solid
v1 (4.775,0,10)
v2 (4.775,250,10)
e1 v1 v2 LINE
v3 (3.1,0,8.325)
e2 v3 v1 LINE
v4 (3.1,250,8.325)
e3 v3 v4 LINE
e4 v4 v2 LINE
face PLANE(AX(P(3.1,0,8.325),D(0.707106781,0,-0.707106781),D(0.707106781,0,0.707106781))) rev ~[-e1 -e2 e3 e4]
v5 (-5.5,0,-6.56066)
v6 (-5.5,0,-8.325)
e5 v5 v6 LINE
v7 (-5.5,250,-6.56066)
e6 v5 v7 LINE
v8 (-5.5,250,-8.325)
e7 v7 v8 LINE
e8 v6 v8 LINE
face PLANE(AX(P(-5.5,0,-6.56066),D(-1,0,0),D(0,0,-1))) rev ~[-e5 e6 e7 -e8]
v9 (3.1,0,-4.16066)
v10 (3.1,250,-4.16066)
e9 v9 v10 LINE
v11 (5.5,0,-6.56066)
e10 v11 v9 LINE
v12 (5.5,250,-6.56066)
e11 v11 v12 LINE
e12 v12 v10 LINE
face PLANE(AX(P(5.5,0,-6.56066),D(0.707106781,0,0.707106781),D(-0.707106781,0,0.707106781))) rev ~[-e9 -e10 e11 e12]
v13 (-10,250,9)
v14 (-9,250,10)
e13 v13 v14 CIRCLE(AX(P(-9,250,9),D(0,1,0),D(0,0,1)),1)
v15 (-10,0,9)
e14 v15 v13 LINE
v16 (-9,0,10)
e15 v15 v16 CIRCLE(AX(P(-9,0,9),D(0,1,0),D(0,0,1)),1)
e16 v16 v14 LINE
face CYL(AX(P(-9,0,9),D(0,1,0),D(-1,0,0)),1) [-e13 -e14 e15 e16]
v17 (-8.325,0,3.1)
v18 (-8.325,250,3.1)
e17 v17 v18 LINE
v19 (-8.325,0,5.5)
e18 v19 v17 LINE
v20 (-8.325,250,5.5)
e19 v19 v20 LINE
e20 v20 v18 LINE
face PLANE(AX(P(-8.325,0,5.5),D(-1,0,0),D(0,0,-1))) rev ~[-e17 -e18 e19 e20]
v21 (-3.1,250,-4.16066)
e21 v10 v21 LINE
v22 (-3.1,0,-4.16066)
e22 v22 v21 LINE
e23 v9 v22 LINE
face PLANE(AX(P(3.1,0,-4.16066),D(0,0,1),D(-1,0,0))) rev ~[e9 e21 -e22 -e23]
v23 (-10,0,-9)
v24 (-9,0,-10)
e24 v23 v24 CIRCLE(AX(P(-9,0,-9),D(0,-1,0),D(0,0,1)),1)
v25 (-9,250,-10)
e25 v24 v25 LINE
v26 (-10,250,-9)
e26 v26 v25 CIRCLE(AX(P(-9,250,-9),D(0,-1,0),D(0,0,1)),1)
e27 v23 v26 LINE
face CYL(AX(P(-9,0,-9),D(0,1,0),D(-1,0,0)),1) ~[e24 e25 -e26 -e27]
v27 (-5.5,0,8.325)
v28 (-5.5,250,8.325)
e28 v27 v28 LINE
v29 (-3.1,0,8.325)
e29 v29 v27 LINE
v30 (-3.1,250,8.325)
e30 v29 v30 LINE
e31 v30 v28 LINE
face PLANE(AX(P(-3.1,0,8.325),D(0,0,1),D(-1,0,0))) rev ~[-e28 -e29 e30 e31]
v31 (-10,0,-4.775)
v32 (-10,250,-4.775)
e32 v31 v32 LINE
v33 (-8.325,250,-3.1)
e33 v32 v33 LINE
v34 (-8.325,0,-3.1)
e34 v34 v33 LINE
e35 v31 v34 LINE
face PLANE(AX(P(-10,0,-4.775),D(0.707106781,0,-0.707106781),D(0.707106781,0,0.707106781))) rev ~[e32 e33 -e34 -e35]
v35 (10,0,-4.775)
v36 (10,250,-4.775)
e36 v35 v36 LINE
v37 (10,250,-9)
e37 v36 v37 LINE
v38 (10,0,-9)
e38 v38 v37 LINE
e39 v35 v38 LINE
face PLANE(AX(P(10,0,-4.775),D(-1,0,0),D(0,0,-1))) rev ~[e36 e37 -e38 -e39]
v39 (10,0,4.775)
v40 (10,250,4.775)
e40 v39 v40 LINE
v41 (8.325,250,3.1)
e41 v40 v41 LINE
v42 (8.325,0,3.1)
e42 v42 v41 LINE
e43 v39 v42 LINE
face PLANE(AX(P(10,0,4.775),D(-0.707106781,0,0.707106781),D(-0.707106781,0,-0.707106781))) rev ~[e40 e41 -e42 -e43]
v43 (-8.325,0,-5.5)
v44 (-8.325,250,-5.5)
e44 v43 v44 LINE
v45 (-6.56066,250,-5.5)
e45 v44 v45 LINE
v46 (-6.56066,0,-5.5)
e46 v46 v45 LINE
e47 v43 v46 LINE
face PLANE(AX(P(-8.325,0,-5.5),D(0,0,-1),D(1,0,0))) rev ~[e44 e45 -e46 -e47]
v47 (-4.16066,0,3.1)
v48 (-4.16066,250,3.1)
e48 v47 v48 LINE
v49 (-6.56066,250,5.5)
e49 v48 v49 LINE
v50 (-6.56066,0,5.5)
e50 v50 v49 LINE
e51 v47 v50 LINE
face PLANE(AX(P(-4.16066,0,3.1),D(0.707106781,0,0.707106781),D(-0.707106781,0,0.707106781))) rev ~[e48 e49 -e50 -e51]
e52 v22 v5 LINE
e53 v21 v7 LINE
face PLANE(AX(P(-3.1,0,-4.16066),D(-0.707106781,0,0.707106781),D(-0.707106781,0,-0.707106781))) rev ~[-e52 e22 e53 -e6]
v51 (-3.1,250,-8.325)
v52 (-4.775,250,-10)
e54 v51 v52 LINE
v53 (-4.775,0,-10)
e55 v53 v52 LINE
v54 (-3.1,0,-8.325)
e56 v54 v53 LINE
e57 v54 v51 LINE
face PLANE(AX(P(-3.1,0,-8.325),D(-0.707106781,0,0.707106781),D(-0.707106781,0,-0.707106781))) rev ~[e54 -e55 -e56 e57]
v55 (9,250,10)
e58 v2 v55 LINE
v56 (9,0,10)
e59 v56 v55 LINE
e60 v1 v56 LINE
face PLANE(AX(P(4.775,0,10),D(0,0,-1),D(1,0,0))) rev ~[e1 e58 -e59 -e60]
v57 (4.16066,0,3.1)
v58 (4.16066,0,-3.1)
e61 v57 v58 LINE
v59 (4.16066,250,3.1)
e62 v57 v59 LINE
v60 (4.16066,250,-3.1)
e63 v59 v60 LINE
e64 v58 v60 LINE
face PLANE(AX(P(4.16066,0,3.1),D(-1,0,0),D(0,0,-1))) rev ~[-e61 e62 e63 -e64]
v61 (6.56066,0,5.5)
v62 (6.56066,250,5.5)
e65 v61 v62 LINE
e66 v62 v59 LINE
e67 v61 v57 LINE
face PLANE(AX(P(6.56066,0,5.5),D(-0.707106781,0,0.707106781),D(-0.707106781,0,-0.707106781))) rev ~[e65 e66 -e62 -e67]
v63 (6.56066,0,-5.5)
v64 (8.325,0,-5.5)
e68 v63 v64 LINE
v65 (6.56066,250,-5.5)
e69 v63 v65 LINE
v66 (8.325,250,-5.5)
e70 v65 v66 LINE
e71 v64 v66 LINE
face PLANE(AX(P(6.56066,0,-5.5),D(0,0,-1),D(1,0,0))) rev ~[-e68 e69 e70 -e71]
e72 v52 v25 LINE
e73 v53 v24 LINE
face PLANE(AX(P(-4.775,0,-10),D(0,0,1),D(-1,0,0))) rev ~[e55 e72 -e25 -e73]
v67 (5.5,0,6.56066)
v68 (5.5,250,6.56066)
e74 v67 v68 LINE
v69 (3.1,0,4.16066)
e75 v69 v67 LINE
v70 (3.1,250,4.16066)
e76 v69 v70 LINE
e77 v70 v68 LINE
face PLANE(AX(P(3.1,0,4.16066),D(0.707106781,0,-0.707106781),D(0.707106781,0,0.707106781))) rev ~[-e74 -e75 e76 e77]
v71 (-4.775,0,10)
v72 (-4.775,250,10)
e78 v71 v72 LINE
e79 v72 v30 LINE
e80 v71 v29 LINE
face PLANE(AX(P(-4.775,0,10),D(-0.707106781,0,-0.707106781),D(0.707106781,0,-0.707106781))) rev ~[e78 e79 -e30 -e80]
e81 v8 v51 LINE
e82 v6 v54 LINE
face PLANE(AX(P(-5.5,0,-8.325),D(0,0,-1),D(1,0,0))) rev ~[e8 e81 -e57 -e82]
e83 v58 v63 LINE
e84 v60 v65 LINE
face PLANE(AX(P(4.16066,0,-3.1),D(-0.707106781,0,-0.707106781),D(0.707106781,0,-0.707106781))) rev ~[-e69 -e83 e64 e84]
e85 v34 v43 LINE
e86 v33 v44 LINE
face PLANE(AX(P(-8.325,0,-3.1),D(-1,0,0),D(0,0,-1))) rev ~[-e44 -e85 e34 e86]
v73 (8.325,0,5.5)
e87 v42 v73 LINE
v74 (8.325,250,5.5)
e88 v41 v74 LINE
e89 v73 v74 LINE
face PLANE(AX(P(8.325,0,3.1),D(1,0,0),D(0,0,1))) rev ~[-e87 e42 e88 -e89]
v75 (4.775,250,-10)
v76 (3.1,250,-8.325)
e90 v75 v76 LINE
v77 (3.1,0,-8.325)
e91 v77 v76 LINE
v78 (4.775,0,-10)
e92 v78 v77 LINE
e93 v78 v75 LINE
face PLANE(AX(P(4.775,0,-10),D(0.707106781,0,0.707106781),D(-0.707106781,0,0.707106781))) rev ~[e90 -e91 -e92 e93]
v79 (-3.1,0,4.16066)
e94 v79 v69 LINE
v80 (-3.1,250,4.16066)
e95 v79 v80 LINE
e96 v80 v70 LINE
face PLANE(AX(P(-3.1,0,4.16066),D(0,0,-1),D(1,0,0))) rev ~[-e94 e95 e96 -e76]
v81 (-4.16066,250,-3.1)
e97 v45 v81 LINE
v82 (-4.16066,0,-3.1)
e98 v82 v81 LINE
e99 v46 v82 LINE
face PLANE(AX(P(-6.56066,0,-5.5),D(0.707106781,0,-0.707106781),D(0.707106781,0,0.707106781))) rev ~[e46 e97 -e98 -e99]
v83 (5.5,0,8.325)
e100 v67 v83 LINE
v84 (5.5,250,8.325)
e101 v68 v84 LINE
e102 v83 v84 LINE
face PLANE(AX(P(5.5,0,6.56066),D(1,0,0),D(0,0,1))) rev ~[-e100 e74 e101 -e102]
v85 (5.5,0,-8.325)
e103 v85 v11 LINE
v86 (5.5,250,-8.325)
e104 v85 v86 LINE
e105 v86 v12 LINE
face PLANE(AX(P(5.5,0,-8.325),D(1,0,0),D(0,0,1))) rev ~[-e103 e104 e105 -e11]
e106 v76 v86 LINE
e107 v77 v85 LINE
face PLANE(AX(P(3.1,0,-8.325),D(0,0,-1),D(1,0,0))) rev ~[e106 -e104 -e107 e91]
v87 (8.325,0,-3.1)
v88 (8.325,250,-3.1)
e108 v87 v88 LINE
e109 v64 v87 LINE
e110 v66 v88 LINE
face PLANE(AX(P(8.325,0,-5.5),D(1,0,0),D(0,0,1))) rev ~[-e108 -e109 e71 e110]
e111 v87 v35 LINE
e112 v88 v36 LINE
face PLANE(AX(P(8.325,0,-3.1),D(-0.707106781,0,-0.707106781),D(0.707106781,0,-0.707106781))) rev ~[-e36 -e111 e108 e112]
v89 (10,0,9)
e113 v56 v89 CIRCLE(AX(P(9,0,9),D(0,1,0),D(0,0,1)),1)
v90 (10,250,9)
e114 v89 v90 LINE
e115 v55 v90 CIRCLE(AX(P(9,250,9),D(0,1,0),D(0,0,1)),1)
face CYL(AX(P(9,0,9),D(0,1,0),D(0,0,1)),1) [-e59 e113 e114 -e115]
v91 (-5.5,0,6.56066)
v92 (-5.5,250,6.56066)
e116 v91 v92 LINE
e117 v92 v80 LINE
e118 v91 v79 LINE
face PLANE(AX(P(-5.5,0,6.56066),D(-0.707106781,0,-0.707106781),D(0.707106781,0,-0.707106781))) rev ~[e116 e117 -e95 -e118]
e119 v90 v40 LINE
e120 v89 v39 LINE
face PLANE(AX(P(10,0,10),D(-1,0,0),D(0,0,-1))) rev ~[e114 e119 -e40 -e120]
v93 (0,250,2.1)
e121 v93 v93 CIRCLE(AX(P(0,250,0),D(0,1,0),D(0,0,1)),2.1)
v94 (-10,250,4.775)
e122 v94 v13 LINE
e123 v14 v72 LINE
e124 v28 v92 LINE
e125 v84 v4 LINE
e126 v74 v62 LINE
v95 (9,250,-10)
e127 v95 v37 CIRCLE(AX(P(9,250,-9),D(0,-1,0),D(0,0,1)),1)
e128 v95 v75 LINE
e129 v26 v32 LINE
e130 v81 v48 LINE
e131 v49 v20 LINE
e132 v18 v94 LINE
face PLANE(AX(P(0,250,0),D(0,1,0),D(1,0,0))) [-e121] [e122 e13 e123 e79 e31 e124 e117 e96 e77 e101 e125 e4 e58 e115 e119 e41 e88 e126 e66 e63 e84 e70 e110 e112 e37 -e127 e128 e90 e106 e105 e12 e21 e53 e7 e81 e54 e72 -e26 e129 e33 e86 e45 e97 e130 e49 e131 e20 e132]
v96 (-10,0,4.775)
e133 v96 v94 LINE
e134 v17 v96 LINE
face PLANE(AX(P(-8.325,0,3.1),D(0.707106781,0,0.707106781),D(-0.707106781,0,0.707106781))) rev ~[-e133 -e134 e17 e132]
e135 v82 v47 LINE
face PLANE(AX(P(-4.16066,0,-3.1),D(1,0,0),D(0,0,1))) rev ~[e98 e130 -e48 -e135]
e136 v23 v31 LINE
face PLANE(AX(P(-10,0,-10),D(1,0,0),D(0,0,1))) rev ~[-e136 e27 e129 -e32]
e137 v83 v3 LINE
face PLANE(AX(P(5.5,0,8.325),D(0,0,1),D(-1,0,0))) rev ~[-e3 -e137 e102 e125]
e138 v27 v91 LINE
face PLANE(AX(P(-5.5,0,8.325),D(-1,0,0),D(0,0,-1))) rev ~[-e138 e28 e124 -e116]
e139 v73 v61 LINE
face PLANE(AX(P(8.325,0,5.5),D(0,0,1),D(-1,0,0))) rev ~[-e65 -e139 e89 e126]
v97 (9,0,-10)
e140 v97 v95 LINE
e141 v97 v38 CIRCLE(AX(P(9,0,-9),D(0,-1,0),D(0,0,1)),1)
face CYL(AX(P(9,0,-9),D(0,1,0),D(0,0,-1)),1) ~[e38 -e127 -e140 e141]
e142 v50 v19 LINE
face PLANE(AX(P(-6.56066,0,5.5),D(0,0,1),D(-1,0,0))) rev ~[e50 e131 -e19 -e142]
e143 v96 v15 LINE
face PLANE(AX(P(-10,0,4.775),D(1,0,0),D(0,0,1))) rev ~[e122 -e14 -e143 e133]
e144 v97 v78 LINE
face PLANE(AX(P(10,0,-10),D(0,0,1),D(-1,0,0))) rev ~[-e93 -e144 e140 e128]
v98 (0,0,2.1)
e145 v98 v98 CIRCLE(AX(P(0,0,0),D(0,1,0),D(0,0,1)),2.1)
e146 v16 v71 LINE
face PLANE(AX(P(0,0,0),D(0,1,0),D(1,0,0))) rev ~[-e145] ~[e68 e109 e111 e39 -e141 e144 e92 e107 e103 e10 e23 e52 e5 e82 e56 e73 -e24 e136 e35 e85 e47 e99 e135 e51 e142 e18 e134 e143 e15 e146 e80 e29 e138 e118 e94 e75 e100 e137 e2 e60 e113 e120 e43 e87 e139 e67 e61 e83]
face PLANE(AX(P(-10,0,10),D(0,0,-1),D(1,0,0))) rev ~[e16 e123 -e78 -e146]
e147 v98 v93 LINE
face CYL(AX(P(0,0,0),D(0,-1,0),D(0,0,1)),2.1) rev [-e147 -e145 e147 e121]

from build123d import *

# Parameters (mm, degrees)
MASTERLAYOUTSKETCH_R = 2.1
MAIN_EXTRUSION_DEPTH = 250
EDGE_FILLETS_R       = 1


with BuildPart() as part:
    # MasterLayoutSketch → Main Extrusion (new body)
    with BuildSketch(Plane(origin=(0, 0, 0), x_dir=(1, 0, 0), z_dir=(0, 1, 0))):
        Polygon((-8.325, 3.1), (-8.325, 5.5), (-6.560660172, 5.5), (-4.160660172, 3.1), (-4.160660172, -3.1), (-6.560660172, -5.5), (-8.325, -5.5), (-8.325, -3.1), (-10, -4.775), (-10, -10), (-4.775, -10), (-3.1, -8.325), (-5.5, -8.325), (-5.5, -6.560660172), (-3.1, -4.160660172), (3.1, -4.160660172), (5.5, -6.560660172), (5.5, -8.325), (3.1, -8.325), (4.775, -10), (10, -10), (10, -4.775), (8.325, -3.1), (8.325, -5.5), (6.560660172, -5.5), (4.160660172, -3.1), (4.160660172, 3.1), (6.560660172, 5.5), (8.325, 5.5), (8.325, 3.1), (10, 4.775), (10, 10), (4.775, 10), (3.1, 8.325), (5.5, 8.325), (5.5, 6.560660172), (3.1, 4.160660172), (-3.1, 4.160660172), (-5.5, 6.560660172), (-5.5, 8.325), (-3.1, 8.325), (-4.775, 10), (-10, 10), (-10, 4.775), align=None)
        with Locations(Location((0, 0, 0), (0, 0, 270))):
            Circle(MASTERLAYOUTSKETCH_R, mode=Mode.SUBTRACT)
    extrude(amount=MAIN_EXTRUSION_DEPTH)

    # Edge Fillets
    edge_fillets_edges = [part.edges().sort_by_distance(p)[0] for p in [
        (10, 125, -10),
        (10, 125, 10),
        (-10, 125, 10),
        (-10, 125, -10),
    ]]
    fillet(edge_fillets_edges, radius=EDGE_FILLETS_R)


solid = part.part
